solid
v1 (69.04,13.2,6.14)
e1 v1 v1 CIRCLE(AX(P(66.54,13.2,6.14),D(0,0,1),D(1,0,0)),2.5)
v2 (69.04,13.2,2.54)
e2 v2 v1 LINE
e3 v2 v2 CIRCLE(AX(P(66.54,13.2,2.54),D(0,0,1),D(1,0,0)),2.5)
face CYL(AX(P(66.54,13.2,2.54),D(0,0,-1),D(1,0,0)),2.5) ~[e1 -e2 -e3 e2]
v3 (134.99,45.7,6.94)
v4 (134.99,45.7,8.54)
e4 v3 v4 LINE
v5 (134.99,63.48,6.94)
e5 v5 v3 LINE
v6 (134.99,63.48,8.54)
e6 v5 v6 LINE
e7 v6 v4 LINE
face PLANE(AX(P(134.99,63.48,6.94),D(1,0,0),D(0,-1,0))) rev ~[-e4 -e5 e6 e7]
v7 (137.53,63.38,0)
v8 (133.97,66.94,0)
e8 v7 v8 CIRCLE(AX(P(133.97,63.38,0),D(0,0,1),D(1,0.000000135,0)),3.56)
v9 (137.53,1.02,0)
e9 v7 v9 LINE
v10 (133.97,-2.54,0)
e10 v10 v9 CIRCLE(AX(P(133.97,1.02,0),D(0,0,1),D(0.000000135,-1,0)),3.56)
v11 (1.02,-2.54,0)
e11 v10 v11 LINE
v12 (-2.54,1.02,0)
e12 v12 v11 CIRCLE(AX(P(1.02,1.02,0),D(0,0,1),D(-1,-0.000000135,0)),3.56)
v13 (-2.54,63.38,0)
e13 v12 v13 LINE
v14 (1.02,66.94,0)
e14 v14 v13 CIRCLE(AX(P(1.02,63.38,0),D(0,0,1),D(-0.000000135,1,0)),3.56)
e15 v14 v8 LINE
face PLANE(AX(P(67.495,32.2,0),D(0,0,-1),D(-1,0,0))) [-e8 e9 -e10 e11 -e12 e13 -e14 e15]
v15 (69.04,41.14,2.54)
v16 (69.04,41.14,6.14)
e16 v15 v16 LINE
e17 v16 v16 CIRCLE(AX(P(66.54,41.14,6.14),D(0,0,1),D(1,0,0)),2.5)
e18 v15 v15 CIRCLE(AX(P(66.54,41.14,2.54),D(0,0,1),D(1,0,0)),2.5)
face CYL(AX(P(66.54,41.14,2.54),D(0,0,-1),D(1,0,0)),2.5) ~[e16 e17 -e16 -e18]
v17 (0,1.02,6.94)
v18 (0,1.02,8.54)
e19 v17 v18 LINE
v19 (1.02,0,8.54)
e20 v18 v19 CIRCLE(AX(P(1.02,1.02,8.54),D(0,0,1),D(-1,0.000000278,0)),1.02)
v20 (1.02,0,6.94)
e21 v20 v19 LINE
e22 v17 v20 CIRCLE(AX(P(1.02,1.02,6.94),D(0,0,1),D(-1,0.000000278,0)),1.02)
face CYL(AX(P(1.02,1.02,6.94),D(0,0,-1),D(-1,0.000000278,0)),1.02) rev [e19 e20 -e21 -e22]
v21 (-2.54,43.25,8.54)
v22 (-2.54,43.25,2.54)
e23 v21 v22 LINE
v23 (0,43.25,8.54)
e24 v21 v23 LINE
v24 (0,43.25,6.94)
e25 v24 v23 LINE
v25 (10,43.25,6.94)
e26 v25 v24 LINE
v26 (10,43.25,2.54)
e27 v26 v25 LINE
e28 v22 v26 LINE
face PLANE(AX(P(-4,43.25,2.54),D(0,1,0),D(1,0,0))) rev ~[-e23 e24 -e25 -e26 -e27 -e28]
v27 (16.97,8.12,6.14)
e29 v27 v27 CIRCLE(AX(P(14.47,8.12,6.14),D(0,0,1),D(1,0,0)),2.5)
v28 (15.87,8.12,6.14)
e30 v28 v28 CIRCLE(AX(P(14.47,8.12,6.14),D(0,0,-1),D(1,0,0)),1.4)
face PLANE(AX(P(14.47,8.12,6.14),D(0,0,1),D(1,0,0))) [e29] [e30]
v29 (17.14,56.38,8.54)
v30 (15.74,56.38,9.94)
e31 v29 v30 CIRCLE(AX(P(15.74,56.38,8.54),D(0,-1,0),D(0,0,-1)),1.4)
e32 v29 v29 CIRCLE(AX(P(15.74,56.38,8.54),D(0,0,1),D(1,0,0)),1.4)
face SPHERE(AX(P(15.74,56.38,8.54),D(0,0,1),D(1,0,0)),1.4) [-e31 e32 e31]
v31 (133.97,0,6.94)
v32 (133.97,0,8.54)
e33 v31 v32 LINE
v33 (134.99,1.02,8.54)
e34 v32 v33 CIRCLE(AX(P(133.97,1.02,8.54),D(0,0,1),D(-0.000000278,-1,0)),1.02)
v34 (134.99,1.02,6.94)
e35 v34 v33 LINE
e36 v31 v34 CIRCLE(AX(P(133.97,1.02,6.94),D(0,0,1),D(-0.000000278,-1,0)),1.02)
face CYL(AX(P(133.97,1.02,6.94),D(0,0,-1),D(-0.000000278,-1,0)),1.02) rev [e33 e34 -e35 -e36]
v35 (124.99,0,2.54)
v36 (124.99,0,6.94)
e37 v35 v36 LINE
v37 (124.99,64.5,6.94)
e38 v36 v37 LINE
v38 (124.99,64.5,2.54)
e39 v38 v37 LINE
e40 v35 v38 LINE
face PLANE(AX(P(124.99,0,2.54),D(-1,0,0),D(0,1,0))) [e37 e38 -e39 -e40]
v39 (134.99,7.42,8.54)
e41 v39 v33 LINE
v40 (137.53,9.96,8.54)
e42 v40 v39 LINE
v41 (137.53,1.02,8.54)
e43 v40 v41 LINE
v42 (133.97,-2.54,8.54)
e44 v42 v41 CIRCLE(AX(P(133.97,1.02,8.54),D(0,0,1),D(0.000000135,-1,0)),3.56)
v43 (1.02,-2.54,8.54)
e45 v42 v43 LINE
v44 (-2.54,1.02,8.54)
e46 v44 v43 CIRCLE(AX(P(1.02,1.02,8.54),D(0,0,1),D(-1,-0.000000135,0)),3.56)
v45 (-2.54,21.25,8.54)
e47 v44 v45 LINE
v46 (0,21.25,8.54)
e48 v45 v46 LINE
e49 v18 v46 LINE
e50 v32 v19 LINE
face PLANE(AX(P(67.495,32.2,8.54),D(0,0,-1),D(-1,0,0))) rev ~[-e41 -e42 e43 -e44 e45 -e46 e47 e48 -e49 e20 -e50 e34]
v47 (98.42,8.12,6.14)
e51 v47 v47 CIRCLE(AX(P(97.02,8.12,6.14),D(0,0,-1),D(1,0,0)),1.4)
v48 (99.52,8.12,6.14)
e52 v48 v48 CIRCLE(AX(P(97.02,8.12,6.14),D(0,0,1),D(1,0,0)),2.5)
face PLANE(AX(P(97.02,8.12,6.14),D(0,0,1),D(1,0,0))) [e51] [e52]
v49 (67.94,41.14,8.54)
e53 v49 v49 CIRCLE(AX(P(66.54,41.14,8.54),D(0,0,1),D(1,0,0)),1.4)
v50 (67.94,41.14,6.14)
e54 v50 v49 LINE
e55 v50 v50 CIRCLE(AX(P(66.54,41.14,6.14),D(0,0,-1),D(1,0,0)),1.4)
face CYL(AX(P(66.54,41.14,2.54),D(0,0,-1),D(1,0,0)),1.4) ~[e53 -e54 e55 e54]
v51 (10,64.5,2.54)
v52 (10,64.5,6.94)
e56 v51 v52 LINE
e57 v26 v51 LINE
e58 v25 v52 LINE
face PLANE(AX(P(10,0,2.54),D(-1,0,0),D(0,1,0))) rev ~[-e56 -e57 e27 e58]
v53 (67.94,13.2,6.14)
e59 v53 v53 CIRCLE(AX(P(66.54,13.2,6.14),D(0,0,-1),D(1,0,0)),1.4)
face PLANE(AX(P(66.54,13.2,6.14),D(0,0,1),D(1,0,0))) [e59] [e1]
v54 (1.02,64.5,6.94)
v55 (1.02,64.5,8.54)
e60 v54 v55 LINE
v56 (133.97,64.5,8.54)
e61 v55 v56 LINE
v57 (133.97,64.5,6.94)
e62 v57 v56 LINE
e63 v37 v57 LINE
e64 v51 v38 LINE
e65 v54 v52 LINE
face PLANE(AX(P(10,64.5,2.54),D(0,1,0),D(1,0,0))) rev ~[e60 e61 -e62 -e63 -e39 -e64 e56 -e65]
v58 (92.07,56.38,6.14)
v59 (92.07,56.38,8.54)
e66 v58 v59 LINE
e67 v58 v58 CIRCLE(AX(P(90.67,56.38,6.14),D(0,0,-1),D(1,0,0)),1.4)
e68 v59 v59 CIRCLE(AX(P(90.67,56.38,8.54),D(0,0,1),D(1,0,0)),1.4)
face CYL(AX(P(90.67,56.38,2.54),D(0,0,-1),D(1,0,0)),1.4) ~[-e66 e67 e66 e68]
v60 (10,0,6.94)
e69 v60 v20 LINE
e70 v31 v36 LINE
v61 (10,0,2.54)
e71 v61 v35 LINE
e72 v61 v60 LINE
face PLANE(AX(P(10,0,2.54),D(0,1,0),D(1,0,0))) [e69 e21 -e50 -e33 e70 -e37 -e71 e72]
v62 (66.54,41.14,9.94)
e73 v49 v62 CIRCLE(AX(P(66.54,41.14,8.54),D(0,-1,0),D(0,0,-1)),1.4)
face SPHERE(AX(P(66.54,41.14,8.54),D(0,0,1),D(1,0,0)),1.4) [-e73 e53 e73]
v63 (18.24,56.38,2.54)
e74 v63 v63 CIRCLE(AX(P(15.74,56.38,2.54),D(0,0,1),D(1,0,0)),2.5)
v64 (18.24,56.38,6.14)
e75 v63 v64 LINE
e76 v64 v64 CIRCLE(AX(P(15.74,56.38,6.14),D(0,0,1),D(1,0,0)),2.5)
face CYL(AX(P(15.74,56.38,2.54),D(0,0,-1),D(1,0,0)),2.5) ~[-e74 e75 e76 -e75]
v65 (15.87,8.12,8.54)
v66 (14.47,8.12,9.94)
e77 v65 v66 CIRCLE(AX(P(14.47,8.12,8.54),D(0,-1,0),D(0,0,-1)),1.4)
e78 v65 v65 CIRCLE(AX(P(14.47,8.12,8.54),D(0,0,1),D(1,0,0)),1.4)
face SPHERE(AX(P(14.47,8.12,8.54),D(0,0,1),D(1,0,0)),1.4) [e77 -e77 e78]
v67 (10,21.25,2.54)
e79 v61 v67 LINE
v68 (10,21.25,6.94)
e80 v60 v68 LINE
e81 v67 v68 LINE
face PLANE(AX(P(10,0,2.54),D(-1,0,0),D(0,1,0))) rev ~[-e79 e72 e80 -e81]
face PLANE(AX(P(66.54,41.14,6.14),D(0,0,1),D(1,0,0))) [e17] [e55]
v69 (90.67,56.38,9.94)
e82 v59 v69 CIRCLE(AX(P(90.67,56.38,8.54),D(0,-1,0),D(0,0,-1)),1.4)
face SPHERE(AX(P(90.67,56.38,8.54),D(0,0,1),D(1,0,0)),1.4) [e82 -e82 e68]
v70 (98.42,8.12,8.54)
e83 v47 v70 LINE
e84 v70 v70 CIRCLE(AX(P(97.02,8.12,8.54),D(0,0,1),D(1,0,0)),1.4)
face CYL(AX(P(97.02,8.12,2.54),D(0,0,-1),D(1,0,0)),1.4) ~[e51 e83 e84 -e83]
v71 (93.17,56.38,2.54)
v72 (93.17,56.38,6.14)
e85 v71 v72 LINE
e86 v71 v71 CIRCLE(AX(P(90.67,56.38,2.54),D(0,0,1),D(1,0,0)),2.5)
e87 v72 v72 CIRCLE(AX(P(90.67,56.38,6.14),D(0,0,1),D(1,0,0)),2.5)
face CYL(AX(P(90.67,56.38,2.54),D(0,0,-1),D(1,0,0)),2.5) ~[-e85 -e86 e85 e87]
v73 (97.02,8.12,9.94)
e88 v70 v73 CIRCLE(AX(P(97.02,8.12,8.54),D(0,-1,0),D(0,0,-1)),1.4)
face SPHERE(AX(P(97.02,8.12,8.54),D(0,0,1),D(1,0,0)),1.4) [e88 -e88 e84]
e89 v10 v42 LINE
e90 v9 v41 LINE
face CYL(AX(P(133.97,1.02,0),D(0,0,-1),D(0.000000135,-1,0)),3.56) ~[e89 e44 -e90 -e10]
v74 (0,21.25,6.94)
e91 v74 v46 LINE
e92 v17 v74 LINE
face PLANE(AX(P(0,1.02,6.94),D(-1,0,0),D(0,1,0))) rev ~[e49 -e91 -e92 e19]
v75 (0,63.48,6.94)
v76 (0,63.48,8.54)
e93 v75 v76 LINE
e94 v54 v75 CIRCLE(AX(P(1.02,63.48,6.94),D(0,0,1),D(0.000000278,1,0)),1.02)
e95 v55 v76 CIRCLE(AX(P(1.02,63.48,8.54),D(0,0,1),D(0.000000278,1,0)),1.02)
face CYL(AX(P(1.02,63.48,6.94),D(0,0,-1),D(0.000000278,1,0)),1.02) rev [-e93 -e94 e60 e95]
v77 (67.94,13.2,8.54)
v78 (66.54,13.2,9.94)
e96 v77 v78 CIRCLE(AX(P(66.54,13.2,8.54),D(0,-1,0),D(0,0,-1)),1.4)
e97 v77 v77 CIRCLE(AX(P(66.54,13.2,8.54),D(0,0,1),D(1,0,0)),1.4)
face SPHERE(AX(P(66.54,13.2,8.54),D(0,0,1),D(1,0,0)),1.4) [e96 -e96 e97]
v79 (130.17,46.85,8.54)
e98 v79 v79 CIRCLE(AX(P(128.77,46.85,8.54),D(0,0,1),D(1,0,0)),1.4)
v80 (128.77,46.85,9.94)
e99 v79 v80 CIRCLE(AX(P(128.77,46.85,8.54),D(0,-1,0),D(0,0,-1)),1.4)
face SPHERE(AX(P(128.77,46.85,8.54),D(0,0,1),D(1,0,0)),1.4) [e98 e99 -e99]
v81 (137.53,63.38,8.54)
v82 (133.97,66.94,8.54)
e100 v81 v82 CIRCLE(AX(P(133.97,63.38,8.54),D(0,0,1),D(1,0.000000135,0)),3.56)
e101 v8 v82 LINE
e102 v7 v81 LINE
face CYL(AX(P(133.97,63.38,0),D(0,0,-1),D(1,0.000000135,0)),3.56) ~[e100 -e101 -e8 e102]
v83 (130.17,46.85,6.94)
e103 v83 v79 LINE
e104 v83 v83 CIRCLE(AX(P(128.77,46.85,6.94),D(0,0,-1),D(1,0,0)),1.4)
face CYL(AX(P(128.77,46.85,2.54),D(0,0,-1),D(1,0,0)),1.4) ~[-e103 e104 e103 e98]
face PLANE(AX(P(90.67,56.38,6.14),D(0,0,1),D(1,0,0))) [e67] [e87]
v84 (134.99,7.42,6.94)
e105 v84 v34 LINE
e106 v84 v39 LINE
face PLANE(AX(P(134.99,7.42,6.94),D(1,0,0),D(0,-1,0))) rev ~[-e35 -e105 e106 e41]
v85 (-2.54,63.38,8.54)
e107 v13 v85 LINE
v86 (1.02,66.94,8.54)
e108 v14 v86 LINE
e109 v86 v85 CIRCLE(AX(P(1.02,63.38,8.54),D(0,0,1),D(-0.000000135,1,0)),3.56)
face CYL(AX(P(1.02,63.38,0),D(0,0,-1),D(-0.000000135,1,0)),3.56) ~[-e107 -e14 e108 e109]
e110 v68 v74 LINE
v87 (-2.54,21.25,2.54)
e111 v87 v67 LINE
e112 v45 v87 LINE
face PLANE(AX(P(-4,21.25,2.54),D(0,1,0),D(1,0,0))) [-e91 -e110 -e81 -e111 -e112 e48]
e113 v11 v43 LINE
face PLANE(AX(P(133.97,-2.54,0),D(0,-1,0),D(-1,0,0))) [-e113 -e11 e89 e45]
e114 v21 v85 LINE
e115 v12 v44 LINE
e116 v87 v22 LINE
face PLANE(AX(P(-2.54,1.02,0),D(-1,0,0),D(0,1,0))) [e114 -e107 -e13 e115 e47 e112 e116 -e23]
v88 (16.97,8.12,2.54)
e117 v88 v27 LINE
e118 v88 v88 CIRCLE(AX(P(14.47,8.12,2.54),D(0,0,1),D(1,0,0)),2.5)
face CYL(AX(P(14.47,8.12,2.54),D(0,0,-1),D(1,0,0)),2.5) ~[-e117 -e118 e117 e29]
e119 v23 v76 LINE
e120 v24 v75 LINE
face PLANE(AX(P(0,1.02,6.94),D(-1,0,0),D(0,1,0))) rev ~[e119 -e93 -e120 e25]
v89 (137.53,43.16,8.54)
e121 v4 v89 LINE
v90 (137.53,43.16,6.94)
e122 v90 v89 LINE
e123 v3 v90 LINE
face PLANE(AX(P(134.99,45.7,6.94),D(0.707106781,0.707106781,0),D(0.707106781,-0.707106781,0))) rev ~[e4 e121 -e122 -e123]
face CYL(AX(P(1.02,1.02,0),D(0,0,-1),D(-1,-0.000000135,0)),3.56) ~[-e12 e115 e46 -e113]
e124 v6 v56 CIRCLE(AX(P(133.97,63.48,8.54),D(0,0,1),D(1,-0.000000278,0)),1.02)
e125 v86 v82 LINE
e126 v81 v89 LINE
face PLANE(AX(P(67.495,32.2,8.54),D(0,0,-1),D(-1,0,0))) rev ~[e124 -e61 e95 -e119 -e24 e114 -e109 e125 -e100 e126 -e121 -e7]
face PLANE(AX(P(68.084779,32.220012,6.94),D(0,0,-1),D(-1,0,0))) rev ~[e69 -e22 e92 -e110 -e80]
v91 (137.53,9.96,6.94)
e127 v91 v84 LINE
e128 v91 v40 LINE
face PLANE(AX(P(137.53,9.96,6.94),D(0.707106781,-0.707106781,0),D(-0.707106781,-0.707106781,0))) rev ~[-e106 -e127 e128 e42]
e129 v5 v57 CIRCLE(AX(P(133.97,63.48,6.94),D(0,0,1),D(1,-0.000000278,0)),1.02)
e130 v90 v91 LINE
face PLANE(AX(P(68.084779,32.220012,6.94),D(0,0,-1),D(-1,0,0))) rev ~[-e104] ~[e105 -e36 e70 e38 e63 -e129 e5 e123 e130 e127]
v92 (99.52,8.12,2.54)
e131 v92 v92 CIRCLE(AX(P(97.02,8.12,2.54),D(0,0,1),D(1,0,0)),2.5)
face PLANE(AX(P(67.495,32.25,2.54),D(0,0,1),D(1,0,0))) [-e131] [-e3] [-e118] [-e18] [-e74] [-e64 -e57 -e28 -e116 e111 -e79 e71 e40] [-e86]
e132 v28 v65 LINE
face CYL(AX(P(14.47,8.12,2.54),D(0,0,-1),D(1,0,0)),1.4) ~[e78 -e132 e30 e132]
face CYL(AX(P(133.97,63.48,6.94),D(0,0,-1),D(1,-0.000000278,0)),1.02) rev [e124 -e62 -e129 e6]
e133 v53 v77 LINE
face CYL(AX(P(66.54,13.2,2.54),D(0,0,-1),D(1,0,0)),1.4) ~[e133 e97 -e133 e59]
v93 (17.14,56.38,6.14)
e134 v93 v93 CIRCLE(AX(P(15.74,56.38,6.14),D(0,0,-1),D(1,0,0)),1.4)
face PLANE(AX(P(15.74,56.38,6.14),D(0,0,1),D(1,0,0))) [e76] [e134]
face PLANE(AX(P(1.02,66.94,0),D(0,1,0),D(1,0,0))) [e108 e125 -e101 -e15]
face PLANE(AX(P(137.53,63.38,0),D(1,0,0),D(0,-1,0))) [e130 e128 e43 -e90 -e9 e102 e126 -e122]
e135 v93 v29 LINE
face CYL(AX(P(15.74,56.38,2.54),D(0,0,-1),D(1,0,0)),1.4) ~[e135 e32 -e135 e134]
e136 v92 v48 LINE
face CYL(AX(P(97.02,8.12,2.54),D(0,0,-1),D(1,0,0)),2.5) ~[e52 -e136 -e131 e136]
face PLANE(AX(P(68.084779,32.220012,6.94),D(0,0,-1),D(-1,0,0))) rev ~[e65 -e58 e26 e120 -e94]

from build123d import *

# Parameters (mm, degrees)
EXTRUDE007_DEPTH = 1.6
SKETCH004_W      = 114.99
SKETCH004_H      = 64.5
EXTRUDE006_DEPTH = 6
BOX_W            = 27
BOX_H            = 22
BOX_DEPTH        = 7
EXTRUDE_DEPTH    = 8.54
SKETCH003_R      = 2.5
EXTRUDE003_DEPTH = 3.6
SKETCH002_R      = 1.4
EXTRUDE004_DEPTH = 6


with BuildPart() as circuit_solid:
    # Sketch → Extrude007 (new body)
    with BuildSketch(Plane.XY):
        with BuildLine():
            Line((0, 1.02), (0, 63.48))
            ThreePointArc((1.02, 64.5), (0.298751, 64.201249), (0, 63.48))
            Line((1.02, 64.5), (133.97, 64.5))
            ThreePointArc((134.99, 63.48), (134.691249, 64.201249), (133.97, 64.5))
            Line((134.99, 63.48), (134.99, 45.7))
            Line((134.99, 45.7), (137.53, 43.16))
            Line((137.53, 43.16), (137.53, 9.96))
            Line((137.53, 9.96), (134.99, 7.42))
            Line((134.99, 7.42), (134.99, 1.02))
            ThreePointArc((133.97, 0), (134.691249, 0.298751), (134.99, 1.02))
            Line((133.97, 0), (1.02, 0))
            ThreePointArc((0, 1.02), (0.298751, 0.298751), (1.02, 0))
        make_face()
    extrude(amount=EXTRUDE007_DEPTH)


with BuildPart() as circuit_solid_1:
    # Extrude007 placement: moved
    add(circuit_solid.part.moved(Location((0, 0, 6.94))))


with BuildPart() as gap_solid:
    # Sketch004 → Extrude006 (new body)
    with BuildSketch(Plane.XY):
        with Locations((67.495, 32.25)):
            Rectangle(SKETCH004_W, SKETCH004_H)
    extrude(amount=EXTRUDE006_DEPTH)


with BuildPart() as gap_solid_1:
    # Extrude006 placement: moved
    add(gap_solid.part.moved(Location((0, 0, 2.54))))


with BuildPart() as gaps_solid:
    # Box → Box (new body)
    with BuildSketch(Plane(origin=(-4, 21.25, 2.54), x_dir=(1, 0, 0), z_dir=(0, 0, 1))):
        with Locations((13.5, 11)):
            Rectangle(BOX_W, BOX_H)
    extrude(amount=BOX_DEPTH)

    # Fusion: union circuit_solid, gap_solid
    add(circuit_solid_1.part)
    add(gap_solid_1.part)


with BuildPart() as shell:
    # Sketch001 → Extrude (new body)
    with BuildSketch(Plane.XY):
        with BuildLine():
            Line((1.02, 66.94), (133.97, 66.94))
            ThreePointArc((137.53, 63.38), (136.4873, 65.8973), (133.97, 66.94))
            Line((137.53, 63.38), (137.53, 1.02))
            ThreePointArc((133.97, -2.54), (136.4873, -1.4973), (137.53, 1.02))
            Line((133.97, -2.54), (1.02, -2.54))
            ThreePointArc((-2.54, 1.02), (-1.4973, -1.4973), (1.02, -2.54))
            Line((-2.54, 1.02), (-2.54, 63.38))
            ThreePointArc((1.02, 66.94), (-1.4973, 65.8973), (-2.54, 63.38))
        make_face()
    extrude(amount=EXTRUDE_DEPTH)

    # Cut: cut gaps_solid
    add(gaps_solid.part, mode=Mode.SUBTRACT)


with BuildPart() as sphere004:
    # Sphere004 → Sphere004 (revolve)
    with BuildSketch(Plane(origin=(96.52, 7.62, 0), x_dir=(1, 0, 0), z_dir=(0, -1, 0))):
        with BuildLine():
            ThreePointArc((0, -1.4), (1.4, 0), (0, 1.4))
            Line((0, 1.4), (0, -1.4))
        make_face()
    revolve(axis=Axis((96.52, 7.62, 0), (0, 0, 1)))


with BuildPart() as sphere005:
    # Sphere005 → Sphere005 (revolve)
    with BuildSketch(Plane(origin=(90.17, 55.88, 0), x_dir=(1, 0, 0), z_dir=(0, -1, 0))):
        with BuildLine():
            ThreePointArc((0, -1.4), (1.4, 0), (0, 1.4))
            Line((0, 1.4), (0, -1.4))
        make_face()
    revolve(axis=Axis((90.17, 55.88, 0), (0, 0, 1)))


with BuildPart() as sphere002:
    # Sphere002 → Sphere002 (revolve)
    with BuildSketch(Plane(origin=(66.04, 12.7, 0), x_dir=(1, 0, 0), z_dir=(0, -1, 0))):
        with BuildLine():
            ThreePointArc((0, -1.4), (1.4, 0), (0, 1.4))
            Line((0, 1.4), (0, -1.4))
        make_face()
    revolve(axis=Axis((66.04, 12.7, 0), (0, 0, 1)))


with BuildPart() as sphere001:
    # Sphere001 → Sphere001 (revolve)
    with BuildSketch(Plane(origin=(15.24, 55.88, 0), x_dir=(1, 0, 0), z_dir=(0, -1, 0))):
        with BuildLine():
            ThreePointArc((0, -1.4), (1.4, 0), (0, 1.4))
            Line((0, 1.4), (0, -1.4))
        make_face()
    revolve(axis=Axis((15.24, 55.88, 0), (0, 0, 1)))


with BuildPart() as sphere006:
    # Sphere006 → Sphere006 (revolve)
    with BuildSketch(Plane(origin=(128.27, 46.35, 0), x_dir=(1, 0, 0), z_dir=(0, -1, 0))):
        with BuildLine():
            ThreePointArc((0, -1.4), (1.4, 0), (0, 1.4))
            Line((0, 1.4), (0, -1.4))
        make_face()
    revolve(axis=Axis((128.27, 46.35, 0), (0, 0, 1)))


with BuildPart() as sphere003:
    # Sphere003 → Sphere003 (revolve)
    with BuildSketch(Plane(origin=(66.04, 40.64, 0), x_dir=(1, 0, 0), z_dir=(0, -1, 0))):
        with BuildLine():
            ThreePointArc((0, -1.4), (1.4, 0), (0, 1.4))
            Line((0, 1.4), (0, -1.4))
        make_face()
    revolve(axis=Axis((66.04, 40.64, 0), (0, 0, 1)))


with BuildPart() as pivot_top_solids:
    # Sphere → Sphere (revolve)
    with BuildSketch(Plane(origin=(13.97, 7.62, 0), x_dir=(1, 0, 0), z_dir=(0, -1, 0))):
        with BuildLine():
            ThreePointArc((0, -1.4), (1.4, 0), (0, 1.4))
            Line((0, 1.4), (0, -1.4))
        make_face()
    revolve(axis=Axis((13.97, 7.62, 0), (0, 0, 1)))

    # Fusion001: union Sphere004, Sphere005, Sphere002, Sphere001, Sphere006, Sphere003
    add(sphere004.part)
    add(sphere005.part)
    add(sphere002.part)
    add(sphere001.part)
    add(sphere006.part)
    add(sphere003.part)


with BuildPart() as pivot_top_solids_1:
    # Fusion001 placement: moved
    add(pivot_top_solids.part.moved(Location((0, 0, 8.54))))


with BuildPart() as pivot_base_solids:
    # Sketch003 → Extrude003 (new body)
    with BuildSketch(Plane.XY):
        with Locations((15.24, 55.88)):
            Circle(SKETCH003_R)
        with Locations((13.97, 7.62)):
            Circle(SKETCH003_R)
        with Locations((66.04, 40.64)):
            Circle(SKETCH003_R)
        with Locations((66.04, 12.7)):
            Circle(SKETCH003_R)
        with Locations((90.17, 55.88)):
            Circle(SKETCH003_R)
        with Locations((96.52, 7.62)):
            Circle(SKETCH003_R)
        with Locations((128.27, 46.35)):
            Circle(SKETCH003_R)
    extrude(amount=EXTRUDE003_DEPTH)


with BuildPart() as pivot_base_solids_1:
    # Extrude003 placement: moved
    add(pivot_base_solids.part.moved(Location((0, 0, 2.54))))


with BuildPart() as fusion003:
    # Sketch002 → Extrude004 (new body)
    with BuildSketch(Plane.XY):
        with Locations((15.24, 55.88)):
            Circle(SKETCH002_R)
        with Locations((13.97, 7.62)):
            Circle(SKETCH002_R)
        with Locations((66.04, 40.64)):
            Circle(SKETCH002_R)
        with Locations((66.04, 12.7)):
            Circle(SKETCH002_R)
        with Locations((90.17, 55.88)):
            Circle(SKETCH002_R)
        with Locations((96.52, 7.62)):
            Circle(SKETCH002_R)
        with Locations((128.27, 46.35)):
            Circle(SKETCH002_R)
    extrude(amount=EXTRUDE004_DEPTH)


with BuildPart() as fusion003_1:
    # Extrude004 placement: moved
    add(fusion003.part.moved(Location((0, 0, 2.54))))

    # Fusion002: union pivot_top_solids, pivot_base_solids
    add(pivot_top_solids_1.part)
    add(pivot_base_solids_1.part)


with BuildPart() as fusion003_2:
    # Fusion002 placement: moved
    add(fusion003_1.part.moved(Location((0.5, 0.5, 0))))

    # Fusion003: union shell
    add(shell.part)


solid = fusion003_2.part
